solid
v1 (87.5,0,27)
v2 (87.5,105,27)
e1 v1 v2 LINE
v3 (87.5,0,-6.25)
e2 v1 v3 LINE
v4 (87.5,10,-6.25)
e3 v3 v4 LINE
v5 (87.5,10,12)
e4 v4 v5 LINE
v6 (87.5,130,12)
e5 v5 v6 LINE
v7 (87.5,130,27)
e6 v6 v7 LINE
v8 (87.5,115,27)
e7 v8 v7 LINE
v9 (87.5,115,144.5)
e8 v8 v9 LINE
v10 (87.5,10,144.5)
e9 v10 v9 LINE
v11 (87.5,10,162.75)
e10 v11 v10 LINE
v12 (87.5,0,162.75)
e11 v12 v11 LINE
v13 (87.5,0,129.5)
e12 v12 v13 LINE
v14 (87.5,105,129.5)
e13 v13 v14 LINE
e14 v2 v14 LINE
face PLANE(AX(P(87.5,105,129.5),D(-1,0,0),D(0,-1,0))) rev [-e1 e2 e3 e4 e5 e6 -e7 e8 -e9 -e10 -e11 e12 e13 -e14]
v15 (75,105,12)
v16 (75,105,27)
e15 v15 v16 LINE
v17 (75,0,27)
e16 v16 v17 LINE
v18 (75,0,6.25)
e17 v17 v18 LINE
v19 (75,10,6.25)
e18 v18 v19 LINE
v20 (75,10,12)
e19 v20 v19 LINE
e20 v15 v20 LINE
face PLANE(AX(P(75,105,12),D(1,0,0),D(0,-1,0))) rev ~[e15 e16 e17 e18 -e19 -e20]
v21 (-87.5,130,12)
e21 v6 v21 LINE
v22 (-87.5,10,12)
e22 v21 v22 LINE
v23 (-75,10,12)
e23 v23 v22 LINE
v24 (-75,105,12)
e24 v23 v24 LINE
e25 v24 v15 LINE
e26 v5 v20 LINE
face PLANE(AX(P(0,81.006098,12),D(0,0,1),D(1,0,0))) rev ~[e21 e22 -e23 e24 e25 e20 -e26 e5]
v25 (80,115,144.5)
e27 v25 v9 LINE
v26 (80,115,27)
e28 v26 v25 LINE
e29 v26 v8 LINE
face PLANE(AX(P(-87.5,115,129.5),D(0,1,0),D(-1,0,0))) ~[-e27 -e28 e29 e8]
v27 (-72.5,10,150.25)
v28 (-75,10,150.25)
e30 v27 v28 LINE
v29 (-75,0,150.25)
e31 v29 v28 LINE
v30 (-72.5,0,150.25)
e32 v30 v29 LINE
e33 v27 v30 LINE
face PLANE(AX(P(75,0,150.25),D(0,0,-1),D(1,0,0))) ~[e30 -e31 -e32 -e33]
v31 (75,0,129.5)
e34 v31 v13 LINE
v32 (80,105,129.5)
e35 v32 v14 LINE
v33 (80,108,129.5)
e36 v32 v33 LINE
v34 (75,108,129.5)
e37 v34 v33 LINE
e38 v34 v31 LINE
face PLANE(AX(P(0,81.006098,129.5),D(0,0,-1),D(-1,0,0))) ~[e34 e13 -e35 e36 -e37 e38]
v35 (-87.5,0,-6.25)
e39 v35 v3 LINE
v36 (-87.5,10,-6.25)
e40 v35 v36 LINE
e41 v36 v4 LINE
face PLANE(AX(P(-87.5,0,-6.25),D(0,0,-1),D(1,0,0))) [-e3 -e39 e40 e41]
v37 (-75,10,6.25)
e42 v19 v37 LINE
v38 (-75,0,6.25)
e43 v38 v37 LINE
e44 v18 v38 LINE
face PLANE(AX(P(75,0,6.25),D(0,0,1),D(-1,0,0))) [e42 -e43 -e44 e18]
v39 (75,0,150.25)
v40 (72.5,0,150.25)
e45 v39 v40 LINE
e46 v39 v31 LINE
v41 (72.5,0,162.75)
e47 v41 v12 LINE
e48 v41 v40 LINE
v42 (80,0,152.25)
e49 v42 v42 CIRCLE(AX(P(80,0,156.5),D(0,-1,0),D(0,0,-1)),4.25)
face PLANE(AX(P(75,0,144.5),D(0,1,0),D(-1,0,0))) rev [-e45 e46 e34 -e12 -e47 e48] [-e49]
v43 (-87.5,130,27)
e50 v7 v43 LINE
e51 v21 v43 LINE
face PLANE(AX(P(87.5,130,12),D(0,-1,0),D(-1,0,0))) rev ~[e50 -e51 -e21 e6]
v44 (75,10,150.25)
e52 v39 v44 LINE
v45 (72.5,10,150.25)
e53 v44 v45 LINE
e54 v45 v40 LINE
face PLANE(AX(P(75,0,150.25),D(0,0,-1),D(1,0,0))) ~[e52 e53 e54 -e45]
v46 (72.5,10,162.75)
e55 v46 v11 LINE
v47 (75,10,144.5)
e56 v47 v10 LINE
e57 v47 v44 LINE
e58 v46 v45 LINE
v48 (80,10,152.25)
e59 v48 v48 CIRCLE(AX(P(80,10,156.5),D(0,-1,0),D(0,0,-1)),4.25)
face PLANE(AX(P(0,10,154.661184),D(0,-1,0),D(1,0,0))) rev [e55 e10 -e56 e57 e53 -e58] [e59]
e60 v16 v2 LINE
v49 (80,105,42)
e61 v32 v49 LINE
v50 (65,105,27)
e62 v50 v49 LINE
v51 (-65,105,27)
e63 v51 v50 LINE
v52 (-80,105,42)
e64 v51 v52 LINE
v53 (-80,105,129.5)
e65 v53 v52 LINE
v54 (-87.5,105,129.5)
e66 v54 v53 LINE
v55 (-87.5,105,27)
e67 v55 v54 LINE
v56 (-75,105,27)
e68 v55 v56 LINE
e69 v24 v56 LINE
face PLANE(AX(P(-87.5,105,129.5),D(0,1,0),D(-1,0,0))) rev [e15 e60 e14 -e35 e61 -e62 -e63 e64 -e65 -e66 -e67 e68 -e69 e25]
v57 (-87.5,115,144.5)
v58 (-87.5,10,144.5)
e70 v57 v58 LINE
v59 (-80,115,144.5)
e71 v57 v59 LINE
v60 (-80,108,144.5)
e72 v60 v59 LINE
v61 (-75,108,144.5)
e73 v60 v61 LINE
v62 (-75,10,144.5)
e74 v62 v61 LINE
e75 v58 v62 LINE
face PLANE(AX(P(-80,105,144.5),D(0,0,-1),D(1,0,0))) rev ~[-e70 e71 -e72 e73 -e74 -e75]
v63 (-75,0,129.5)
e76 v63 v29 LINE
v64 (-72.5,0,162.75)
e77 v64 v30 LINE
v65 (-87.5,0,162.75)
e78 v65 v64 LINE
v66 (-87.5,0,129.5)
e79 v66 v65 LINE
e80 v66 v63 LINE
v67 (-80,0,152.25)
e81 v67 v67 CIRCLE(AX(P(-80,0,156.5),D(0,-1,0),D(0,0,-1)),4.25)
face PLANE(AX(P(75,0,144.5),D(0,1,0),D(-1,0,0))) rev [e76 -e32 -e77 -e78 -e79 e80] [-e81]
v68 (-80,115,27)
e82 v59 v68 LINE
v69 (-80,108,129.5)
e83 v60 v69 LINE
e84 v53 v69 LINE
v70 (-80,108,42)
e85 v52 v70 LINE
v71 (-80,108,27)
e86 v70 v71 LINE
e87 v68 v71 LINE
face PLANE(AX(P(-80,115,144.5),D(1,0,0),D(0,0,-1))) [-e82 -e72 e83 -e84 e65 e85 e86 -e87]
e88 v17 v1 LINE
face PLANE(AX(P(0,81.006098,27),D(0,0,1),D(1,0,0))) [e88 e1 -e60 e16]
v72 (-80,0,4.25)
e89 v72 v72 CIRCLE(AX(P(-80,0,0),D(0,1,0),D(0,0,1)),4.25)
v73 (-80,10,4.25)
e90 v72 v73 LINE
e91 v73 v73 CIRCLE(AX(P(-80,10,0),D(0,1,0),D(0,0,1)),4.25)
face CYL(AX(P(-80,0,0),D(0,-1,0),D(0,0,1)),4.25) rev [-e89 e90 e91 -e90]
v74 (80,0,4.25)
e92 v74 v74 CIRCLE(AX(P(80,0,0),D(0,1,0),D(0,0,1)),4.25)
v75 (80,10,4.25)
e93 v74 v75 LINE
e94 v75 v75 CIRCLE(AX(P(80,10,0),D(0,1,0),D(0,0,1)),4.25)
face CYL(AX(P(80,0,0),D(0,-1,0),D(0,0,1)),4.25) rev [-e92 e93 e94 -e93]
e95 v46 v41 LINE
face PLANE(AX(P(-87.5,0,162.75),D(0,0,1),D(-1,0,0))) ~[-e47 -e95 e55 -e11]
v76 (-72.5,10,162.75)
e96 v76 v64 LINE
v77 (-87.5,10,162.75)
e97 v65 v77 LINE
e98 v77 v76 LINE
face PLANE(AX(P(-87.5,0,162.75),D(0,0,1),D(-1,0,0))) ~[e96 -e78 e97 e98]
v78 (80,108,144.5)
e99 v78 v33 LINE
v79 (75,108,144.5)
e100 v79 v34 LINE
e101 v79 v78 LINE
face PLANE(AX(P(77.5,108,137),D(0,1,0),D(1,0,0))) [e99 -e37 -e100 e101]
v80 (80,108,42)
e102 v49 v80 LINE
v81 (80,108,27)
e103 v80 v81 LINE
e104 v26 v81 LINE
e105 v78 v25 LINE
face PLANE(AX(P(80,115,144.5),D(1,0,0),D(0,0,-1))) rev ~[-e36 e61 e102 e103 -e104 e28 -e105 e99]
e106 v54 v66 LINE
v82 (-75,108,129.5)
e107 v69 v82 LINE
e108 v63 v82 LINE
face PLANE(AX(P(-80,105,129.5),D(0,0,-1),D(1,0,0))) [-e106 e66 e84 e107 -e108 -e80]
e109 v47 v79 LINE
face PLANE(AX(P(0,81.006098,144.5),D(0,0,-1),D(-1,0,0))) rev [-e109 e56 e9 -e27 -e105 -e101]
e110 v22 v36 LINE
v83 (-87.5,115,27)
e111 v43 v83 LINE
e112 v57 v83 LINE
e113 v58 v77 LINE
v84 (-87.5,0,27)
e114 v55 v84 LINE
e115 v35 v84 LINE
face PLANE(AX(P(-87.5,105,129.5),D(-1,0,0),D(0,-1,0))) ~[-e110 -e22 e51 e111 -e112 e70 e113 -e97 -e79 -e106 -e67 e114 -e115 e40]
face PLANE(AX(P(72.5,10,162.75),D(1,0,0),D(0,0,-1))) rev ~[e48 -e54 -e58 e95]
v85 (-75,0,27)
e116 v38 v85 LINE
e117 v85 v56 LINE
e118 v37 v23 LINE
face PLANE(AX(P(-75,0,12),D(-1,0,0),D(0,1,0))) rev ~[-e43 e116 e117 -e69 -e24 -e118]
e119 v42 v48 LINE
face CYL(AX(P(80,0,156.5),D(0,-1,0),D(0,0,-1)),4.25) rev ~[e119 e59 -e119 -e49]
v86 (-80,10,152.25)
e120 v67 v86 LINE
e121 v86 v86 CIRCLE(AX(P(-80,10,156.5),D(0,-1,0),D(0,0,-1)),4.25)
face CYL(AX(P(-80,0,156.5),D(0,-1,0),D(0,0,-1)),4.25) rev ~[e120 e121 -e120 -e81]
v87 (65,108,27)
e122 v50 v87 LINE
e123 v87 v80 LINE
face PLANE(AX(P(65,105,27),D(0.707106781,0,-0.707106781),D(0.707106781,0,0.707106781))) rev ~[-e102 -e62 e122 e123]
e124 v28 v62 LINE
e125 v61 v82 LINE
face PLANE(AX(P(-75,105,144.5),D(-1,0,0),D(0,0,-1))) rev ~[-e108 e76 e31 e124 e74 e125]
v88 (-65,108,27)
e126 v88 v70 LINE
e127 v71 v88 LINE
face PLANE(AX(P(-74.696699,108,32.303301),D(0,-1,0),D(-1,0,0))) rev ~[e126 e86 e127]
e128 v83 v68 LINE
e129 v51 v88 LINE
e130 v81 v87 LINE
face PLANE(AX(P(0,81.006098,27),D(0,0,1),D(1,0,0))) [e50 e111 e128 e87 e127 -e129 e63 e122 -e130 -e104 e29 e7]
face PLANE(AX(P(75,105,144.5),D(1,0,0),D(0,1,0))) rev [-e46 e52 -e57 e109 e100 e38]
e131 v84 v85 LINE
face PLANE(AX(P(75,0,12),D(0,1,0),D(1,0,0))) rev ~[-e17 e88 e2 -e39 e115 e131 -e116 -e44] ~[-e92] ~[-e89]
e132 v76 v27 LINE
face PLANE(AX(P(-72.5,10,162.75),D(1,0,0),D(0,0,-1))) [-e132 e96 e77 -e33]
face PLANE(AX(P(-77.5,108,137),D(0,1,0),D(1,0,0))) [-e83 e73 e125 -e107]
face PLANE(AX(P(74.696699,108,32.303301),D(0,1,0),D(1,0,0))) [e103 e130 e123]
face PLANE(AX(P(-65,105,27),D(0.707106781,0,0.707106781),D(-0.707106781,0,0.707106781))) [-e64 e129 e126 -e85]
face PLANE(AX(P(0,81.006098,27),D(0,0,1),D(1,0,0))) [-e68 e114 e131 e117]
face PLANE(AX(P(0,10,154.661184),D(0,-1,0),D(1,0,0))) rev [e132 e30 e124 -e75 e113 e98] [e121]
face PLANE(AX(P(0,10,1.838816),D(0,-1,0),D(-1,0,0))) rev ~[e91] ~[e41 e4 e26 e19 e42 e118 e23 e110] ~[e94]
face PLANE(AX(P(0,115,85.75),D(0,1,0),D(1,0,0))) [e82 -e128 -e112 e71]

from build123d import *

# Parameters (mm, degrees)
SKETCH1_R                      = 4.25
BOSS_EXTRUDE1_DEPTH            = 10
BOSS_EXTRUDE2_START            = -5
BOSS_EXTRUDE2_DEPTH            = 15
SKETCH3_W                      = 175
SKETCH3_H                      = 10
BOSS_EXTRUDE3_DEPTH            = 51.25
SKETCH4_W                      = 160
SKETCH4_H                      = 117.5
CUT_EXTRUDE1_DEPTH             = 10
CUT_EXTRUDE1_DIRECTION_2_REACH = 219.644
SKETCH5_W                      = 175
SKETCH5_H                      = 117.5
CUT_EXTRUDE2_DEPTH             = 15
SKETCH6_W                      = 5
SKETCH6_H                      = 15
BOSS_EXTRUDE4_DEPTH            = 3
CUT_EXTRUDE3_REACH             = 222.327
SKETCH7_W                      = 145
SKETCH7_H                      = 12.5


with BuildPart() as part:
    # Sketch1 → Boss-Extrude1 (new body)
    with BuildSketch(Plane(origin=(0, 0, 0), x_dir=(1, 0, 0), z_dir=(0, 1, 0))):
        Polygon((-87.5, 6.25), (87.5, 6.25), (87.5, -17), (75, -17), (75, -6.25), (-75, -6.25), (-75, -17), (-87.5, -17), align=None)
        with Locations(Location((-80, 0, 0), (0, 0, 270))):
            Circle(SKETCH1_R, mode=Mode.SUBTRACT)
        with Locations(Location((80, 0, 0), (0, 0, 270))):
            Circle(SKETCH1_R, mode=Mode.SUBTRACT)
    boss_extrude1 = extrude(amount=BOSS_EXTRUDE1_DEPTH)

    # Sketch2 → Boss-Extrude2 (add)
    with BuildSketch(Plane.XY.offset(17).offset(BOSS_EXTRUDE2_START)):
        Polygon((87.5, 130), (-87.5, 130), (-87.5, 0), (-75, 0), (-75, 105), (75, 105), (75, 0), (87.5, 0), align=None)
    boss_extrude2 = extrude(amount=BOSS_EXTRUDE2_DEPTH)

    # Sketch3 → Boss-Extrude3 (add)
    with BuildSketch(Plane.XY.offset(27)):
        with Locations((0, 110)):
            Rectangle(SKETCH3_W, SKETCH3_H)
    boss_extrude3 = extrude(amount=BOSS_EXTRUDE3_DEPTH)

    # Mirror2: Boss-Extrude1, Boss-Extrude2, Boss-Extrude3 across plane
    add(boss_extrude1.mirror(Plane.XY.offset(78.25)))
    add(boss_extrude2.mirror(Plane.XY.offset(78.25)))
    add(boss_extrude3.mirror(Plane.XY.offset(78.25)))

    # Sketch4 → Cut-Extrude1 (cut)
    with BuildSketch(Plane(origin=(0, 115, 0), x_dir=(1, 0, 0), z_dir=(0, 1, 0))):
        with Locations((0, -85.75)):
            Rectangle(SKETCH4_W, SKETCH4_H)
    extrude(amount=-CUT_EXTRUDE1_DEPTH, mode=Mode.SUBTRACT)

    # Cut-Extrude1 direction 2: up to this face of the body (flat: up to its plane)
    cut_extrude1_direction_2_end = Plane(part.part.faces().sort_by_distance((0, 130, 137))[0])
    # Sketch4 → Cut-Extrude1 direction 2 (cut, up to the picked face)
    with BuildSketch(Plane(origin=(0, 115, 0), x_dir=(1, 0, 0), z_dir=(0, 1, 0)), mode=Mode.PRIVATE) as cut_extrude1_direction_2_sk1:
        with Locations((0, -85.75)):
            Rectangle(SKETCH4_W, SKETCH4_H)
    cut_extrude1_direction_2_tool1 = split(extrude(cut_extrude1_direction_2_sk1.sketch, amount=CUT_EXTRUDE1_DIRECTION_2_REACH, mode=Mode.PRIVATE), bisect_by=cut_extrude1_direction_2_end, keep=Keep.BOTH, mode=Mode.PRIVATE)
    add(cut_extrude1_direction_2_tool1.solids().sort_by(Axis((0, 115, 85.75), (0, 1, 0)))[0], mode=Mode.SUBTRACT)

    # Sketch5 → Cut-Extrude2 (cut)
    with BuildSketch(Plane(origin=(0, 115, 0), x_dir=(1, 0, 0), z_dir=(0, 1, 0))):
        with Locations((0, -85.75)):
            Rectangle(SKETCH5_W, SKETCH5_H)
    extrude(amount=CUT_EXTRUDE2_DEPTH, mode=Mode.SUBTRACT)

    # Sketch6 → Boss-Extrude4 (add)
    with BuildSketch(Plane(origin=(0, 105, 0), x_dir=(1, 0, 0), z_dir=(0, 1, 0))):
        with Locations((-77.5, -137)):
            Rectangle(SKETCH6_W, SKETCH6_H)
        with Locations((77.5, -137)):
            Rectangle(SKETCH6_W, SKETCH6_H)
        Polygon((-80, -27), (-65, -27), (-80, -42), align=None)
        Polygon((80, -27), (65, -27), (80, -42), align=None)
    extrude(amount=BOSS_EXTRUDE4_DEPTH)

    # Sketch7 → Cut-Extrude3 (cut, up to next)
    with BuildSketch(Plane(origin=(0, 10, 0), x_dir=(1, 0, 0), z_dir=(0, 1, 0)), mode=Mode.PRIVATE) as cut_extrude3_sk1:
        with Locations((0, -156.5)):
            Rectangle(SKETCH7_W, SKETCH7_H)
    cut_extrude3_tool1 = extrude(cut_extrude3_sk1.sketch, amount=-CUT_EXTRUDE3_REACH, mode=Mode.PRIVATE) & part.part
    add(cut_extrude3_tool1.solids().sort_by_distance((0, 10, 156.5))[0], mode=Mode.SUBTRACT)


solid = part.part
